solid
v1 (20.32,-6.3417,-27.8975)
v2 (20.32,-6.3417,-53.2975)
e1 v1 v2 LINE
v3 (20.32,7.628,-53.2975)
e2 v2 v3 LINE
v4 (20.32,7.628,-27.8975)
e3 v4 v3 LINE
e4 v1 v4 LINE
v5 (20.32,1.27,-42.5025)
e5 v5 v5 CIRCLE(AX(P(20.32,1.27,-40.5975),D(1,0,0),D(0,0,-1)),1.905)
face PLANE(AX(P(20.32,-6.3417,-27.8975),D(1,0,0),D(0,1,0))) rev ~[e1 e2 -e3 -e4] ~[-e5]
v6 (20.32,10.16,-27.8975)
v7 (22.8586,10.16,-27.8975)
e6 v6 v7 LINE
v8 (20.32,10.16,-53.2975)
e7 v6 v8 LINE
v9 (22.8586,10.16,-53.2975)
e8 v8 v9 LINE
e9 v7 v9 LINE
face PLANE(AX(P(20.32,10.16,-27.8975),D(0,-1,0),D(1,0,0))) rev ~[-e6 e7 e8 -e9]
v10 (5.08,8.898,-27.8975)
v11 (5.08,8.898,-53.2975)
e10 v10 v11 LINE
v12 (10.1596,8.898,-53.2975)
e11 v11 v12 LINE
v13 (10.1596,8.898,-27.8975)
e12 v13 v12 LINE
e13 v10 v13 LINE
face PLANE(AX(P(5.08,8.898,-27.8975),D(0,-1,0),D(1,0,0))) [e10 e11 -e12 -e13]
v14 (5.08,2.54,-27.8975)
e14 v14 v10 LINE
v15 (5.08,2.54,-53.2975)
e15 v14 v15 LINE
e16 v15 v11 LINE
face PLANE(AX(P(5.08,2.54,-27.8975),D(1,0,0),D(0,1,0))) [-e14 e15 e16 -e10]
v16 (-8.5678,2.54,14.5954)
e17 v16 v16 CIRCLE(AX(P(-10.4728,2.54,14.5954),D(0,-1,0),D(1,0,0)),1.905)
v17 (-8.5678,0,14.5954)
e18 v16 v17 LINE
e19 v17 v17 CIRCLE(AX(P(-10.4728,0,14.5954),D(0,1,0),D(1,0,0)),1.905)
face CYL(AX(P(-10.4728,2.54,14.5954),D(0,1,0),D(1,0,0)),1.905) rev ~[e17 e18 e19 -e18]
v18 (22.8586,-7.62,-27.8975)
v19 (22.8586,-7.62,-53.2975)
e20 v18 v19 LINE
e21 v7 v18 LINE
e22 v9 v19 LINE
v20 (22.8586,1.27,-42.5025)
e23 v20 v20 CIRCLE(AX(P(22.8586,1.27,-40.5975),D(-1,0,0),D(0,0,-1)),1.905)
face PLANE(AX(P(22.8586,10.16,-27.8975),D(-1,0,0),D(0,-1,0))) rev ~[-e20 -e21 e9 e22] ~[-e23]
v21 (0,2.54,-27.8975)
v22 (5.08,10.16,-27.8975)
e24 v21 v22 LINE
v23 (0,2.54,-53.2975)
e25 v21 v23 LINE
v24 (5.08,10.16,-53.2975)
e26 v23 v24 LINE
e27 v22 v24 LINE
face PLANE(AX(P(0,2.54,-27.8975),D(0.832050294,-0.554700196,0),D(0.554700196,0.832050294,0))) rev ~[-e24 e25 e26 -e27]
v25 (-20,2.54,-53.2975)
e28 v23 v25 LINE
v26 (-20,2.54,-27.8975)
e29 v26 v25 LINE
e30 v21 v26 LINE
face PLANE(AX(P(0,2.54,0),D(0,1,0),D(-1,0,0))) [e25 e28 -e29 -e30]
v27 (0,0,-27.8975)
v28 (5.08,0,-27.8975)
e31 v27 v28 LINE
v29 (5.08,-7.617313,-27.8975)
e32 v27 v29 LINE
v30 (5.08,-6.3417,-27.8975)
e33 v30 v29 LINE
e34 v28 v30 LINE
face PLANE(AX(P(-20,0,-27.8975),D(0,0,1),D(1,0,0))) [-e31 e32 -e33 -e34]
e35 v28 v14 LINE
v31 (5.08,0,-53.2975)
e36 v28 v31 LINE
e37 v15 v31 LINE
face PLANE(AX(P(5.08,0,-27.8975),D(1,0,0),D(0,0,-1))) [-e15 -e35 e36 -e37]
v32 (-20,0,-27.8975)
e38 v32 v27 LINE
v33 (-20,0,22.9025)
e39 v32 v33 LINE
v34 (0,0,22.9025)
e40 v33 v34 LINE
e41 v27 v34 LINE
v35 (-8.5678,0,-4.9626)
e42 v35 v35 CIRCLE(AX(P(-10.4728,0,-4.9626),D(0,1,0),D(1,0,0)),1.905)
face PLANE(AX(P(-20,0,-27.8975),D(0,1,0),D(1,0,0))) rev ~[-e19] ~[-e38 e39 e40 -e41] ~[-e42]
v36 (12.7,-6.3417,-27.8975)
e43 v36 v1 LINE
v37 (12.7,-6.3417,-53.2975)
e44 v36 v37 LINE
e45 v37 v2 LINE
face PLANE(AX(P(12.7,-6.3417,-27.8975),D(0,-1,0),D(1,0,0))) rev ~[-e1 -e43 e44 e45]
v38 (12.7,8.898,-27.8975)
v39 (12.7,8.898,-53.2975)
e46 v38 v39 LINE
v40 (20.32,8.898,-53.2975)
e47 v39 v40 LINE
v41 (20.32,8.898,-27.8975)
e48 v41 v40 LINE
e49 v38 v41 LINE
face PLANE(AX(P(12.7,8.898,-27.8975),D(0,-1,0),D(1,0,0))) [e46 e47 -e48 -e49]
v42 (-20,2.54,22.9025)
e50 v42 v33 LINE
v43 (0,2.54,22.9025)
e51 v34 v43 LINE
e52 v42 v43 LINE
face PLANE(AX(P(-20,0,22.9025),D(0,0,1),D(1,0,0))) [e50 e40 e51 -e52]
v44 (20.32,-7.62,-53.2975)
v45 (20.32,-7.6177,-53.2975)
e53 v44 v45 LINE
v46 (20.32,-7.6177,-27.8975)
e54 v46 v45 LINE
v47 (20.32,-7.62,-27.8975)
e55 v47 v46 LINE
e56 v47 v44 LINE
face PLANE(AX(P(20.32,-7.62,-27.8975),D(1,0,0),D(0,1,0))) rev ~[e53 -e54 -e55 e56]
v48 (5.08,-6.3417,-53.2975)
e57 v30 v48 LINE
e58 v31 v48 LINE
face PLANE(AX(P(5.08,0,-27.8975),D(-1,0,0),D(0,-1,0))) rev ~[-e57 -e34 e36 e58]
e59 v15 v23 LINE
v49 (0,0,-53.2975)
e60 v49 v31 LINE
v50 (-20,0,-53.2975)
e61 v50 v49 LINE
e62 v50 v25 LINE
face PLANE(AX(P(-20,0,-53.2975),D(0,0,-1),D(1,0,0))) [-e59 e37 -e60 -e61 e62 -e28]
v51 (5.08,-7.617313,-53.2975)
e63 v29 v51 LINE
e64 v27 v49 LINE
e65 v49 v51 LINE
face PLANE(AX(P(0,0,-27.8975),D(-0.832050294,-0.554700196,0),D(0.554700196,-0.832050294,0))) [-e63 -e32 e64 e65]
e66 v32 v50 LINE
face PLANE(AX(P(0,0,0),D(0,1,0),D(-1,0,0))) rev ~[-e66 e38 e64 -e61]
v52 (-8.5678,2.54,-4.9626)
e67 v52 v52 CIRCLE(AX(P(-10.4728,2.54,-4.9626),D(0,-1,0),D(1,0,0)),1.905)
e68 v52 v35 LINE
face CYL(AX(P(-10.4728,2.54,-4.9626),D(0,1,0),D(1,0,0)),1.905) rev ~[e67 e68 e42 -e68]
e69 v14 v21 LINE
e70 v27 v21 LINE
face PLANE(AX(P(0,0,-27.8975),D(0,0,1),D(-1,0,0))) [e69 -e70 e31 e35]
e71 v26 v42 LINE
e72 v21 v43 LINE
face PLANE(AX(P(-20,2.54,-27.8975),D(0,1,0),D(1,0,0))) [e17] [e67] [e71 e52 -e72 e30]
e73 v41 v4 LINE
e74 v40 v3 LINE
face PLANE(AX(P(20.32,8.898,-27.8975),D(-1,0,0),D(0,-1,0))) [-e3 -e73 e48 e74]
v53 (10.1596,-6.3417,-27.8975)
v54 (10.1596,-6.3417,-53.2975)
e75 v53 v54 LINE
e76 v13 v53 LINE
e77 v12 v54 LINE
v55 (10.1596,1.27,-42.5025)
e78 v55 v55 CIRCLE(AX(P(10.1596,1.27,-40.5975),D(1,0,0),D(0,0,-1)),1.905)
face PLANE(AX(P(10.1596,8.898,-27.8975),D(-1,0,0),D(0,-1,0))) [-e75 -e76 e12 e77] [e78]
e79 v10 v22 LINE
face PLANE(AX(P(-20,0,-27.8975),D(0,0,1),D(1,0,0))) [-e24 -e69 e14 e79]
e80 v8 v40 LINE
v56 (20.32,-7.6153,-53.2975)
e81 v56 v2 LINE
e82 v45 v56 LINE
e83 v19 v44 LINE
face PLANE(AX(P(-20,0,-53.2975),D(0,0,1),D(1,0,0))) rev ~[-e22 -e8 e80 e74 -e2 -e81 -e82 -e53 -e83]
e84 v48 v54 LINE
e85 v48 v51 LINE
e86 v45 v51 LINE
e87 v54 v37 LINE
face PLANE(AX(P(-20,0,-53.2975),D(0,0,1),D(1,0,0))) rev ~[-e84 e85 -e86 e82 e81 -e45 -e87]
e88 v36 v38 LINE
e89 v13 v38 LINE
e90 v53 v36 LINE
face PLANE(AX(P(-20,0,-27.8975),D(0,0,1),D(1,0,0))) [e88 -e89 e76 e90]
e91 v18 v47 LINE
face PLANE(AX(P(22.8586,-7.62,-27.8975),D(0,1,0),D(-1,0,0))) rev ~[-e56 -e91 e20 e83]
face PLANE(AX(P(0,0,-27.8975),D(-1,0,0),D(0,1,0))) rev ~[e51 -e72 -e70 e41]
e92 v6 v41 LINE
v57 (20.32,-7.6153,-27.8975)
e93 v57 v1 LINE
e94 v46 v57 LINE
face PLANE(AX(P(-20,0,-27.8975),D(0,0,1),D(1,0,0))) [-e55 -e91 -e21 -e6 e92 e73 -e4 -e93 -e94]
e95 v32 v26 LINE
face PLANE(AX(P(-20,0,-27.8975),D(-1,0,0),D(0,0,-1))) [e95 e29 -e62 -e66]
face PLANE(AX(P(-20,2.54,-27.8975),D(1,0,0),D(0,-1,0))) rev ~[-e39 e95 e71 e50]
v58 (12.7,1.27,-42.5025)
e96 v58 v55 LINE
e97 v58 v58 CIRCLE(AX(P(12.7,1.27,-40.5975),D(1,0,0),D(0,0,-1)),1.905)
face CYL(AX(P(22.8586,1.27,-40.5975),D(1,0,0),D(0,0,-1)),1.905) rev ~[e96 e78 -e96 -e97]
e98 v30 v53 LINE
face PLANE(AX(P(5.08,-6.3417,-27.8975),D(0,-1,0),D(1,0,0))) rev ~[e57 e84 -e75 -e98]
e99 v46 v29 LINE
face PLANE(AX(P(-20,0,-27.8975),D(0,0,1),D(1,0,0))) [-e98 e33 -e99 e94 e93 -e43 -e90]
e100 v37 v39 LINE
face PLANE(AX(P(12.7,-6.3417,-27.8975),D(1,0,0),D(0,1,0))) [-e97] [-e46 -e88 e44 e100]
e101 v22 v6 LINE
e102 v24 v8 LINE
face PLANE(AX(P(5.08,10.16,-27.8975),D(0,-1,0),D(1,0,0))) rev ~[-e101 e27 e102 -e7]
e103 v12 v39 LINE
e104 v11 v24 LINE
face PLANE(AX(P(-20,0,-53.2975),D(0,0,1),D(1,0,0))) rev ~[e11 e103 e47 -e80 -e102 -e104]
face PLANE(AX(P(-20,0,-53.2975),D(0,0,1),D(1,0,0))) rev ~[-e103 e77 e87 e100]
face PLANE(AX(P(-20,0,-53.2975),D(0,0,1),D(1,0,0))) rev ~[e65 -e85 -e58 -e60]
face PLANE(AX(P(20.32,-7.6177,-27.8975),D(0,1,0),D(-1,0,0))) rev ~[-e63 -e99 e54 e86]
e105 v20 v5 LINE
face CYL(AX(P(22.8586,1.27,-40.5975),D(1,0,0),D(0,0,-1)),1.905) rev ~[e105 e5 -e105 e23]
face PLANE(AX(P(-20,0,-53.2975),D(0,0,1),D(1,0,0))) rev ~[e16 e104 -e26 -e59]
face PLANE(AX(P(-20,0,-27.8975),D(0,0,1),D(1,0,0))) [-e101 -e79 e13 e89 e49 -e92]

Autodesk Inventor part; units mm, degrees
ref_plane "YZ Plane" through (0, 0, 0) normal (1, 0, 0) x (0, 1, 0)
ref_plane "XZ Plane" through (0, 0, 0) normal (0, 1, 0) x (-1, 0, 0)
ref_plane "XY Plane" through (0, 0, 0) normal (0, 0, 1) x (1, 0, 0)
sketch "Sketch1" plane through (0, 0, 0) normal (0, 1, 0) x (-1, 0, 0)
  line L0 (0, -27.8975) -> (20, -27.8975)
  line L1 (20, -27.8975) -> (20, -53.2975)
  line L2 (20, -53.2975) -> (0, -53.2975)
  line L3 (0, -53.2975) -> (0, -27.8975)
  point P0 (0, 0)
  dimension "d0" = 20
  dimension "d1" = 25.4
extrude "Extrusion1" add sketch "Sketch1" along normal blind 2.54
sketch "Sketch2" plane through (0, 0, -27.8975) normal (1, 0, 0) x (0, 0, -1)
  line L0 (0, 0) -> (25.4, 0) projected
  line L1 (0, 2.54) -> (25.4, 2.54)
  line L2 (25.4, 2.54) -> (25.4, 0)
  line L3 (25.4, 0) -> (0, 0)
  line L4 (0, 0) -> (0, 2.54)
  point P0 (-27.8975, 0)
extrude "Extrusion2" add sketch "Sketch2" along normal blind 5.08
sketch "Sketch4" plane through (-20, 0, -27.8975) normal (0, 0, 1) x (1, 0, 0)
  line L0 (25.08, 2.54) -> (25.08, 0) construction
  line L1 (25.08, 2.54) -> (20, 2.54) construction
  line L2 (0, 0) -> (25.08, 0) projected
  line L3 (25.08, 0) -> (20, 0)
  line L4 (0, 2.54) -> (25.08, 2.54) projected
  line L5 (25.08, 2.54) -> (25.08, 10.16)
  line L6 (25.08, 0) -> (25.08, -7.62)
  line L7 (20, 2.54) -> (25.08, 10.16)
  line L8 (20, 0) -> (25.08, -7.62)
  line L9 (25.08, 10.16) -> (40.32, 10.16)
  line L10 (40.32, 10.16) -> (40.32, 7.628)
  line L11 (25.08, 8.898) -> (25.08, 10.16)
  line L12 (25.08, -7.62) -> (40.32, -7.62)
  line L13 (40.32, -7.62) -> (40.32, -7.6153)
  line L14 (25.08, -7.6153) -> (25.08, -7.62)
  line L15 (40.32, 10.16) -> (42.8586, 10.16)
  line L16 (42.8586, 10.16) -> (42.8586, -7.62)
  line L17 (42.8586, -7.62) -> (40.32, -7.62)
  line L18 (40.32, -7.62) -> (40.32, 10.16)
  line L19 (40.32, -7.6177) -> (25.08, -7.6177)
  line L20 (40.32, -7.6177) -> (25.08, -7.6177)
  line L21 (25.08, -7.6177) -> (25.08, -6.3417)
  line L22 (25.08, -6.3417) -> (40.32, -6.3417)
  line L23 (40.32, -6.3417) -> (40.32, -7.6177)
  line L24 (40.32, 10.16) -> (25.08, 10.16)
  line L25 (25.08, 10.16) -> (25.08, 8.898)
  line L26 (25.08, 8.898) -> (40.32, 8.898)
  line L27 (40.32, 8.898) -> (40.32, 10.16)
  line L28 (32.7, 8.898) -> (30.1596, 8.898)
  line L29 (30.1596, 8.898) -> (30.1596, -6.3417)
  line L30 (30.1596, -6.3417) -> (32.7, -6.3417)
  line L31 (32.7, -6.3417) -> (32.7, 8.898)
  dimension "d6" = 7.62
  dimension "d7" = 2.54
  dimension "d9" = 7.62
  dimension "d10" = 15.24
  dimension "d16" = 15.24
  dimension "d30" = 17.78
extrude "Extrusion3" add sketch "Sketch4" against normal blind 25.4 contours L2 L6 L8 | L6 L22 L18 L13 L19 | L13 L18 L10 L15 L16 L17 | L29 L26 L31 L22 | L26 L5 L9 L10 | L5 L4 L7
sketch "Sketch6" plane through (22.8586, -7.62, -27.8975) normal (1, 0, 0) x (0, 0, -1)
  line L0 (25.4, 10.16) -> (25.4, 17.78) projected
  line L1 (0, 7.62) -> (0, 0) projected
  line L2 (25.4, 17.78) -> (0, 17.78)
  line L3 (0, 17.78) -> (0, 0)
  line L4 (0, 0) -> (25.4, 0)
  line L5 (25.4, 0) -> (25.4, 17.78)
  line L6 (0, 17.78) -> (0, 10.16) projected
  line L7 (25.4, 0) -> (0, 17.78)
  line L8 (0, 0) -> (25.4, 17.78)
  circle A0 centre (12.7, 8.89) radius 1.905
  point P0 (-27.8975, 7.62)
  dimension "d17" = 3.81
extrude "Extrusion5" cut sketch "Sketch6" against normal blind 14.2875 contours A0 L7 L8 | L8 L7 A0 | A0 L8 L7 | L7 L8 A0
sketch "Sketch8" plane through (-20, 0, -27.8975) normal (0, 0, 1) x (1, 0, 0)
  line L0 (0, 0) -> (20, 0) projected
  line L1 (0, 2.54) -> (20, 2.54) projected
  line L2 (0, 0) -> (20, 0)
  line L3 (20, 0) -> (20, 2.54)
  line L4 (20, 2.54) -> (0, 2.54)
  line L5 (0, 2.54) -> (0, 0)
extrude "Extrusion7" add sketch "Sketch8" along normal blind 50.8
sketch "Sketch10" plane through (0, 2.54, 0) normal (0, 1, 0) x (1, 0, 0)
  circle A0 centre (-10.4728, -4.8164) radius 9.779
  circle A1 centre (-10.4728, -14.5954) radius 1.905
  circle A2 centre (-10.4728, 4.9626) radius 1.905
  point P0 (0, 0)
  dimension "d31" = 19.558
  dimension "d32" = 3.81
  dimension "d33" = 3.81
extrude "Extrusion9" cut sketch "Sketch10" against normal blind 50.8 contours A2 A0 | A0 A2 | A1 A0 | A0 A1
properties part number "VbearingBracket"
